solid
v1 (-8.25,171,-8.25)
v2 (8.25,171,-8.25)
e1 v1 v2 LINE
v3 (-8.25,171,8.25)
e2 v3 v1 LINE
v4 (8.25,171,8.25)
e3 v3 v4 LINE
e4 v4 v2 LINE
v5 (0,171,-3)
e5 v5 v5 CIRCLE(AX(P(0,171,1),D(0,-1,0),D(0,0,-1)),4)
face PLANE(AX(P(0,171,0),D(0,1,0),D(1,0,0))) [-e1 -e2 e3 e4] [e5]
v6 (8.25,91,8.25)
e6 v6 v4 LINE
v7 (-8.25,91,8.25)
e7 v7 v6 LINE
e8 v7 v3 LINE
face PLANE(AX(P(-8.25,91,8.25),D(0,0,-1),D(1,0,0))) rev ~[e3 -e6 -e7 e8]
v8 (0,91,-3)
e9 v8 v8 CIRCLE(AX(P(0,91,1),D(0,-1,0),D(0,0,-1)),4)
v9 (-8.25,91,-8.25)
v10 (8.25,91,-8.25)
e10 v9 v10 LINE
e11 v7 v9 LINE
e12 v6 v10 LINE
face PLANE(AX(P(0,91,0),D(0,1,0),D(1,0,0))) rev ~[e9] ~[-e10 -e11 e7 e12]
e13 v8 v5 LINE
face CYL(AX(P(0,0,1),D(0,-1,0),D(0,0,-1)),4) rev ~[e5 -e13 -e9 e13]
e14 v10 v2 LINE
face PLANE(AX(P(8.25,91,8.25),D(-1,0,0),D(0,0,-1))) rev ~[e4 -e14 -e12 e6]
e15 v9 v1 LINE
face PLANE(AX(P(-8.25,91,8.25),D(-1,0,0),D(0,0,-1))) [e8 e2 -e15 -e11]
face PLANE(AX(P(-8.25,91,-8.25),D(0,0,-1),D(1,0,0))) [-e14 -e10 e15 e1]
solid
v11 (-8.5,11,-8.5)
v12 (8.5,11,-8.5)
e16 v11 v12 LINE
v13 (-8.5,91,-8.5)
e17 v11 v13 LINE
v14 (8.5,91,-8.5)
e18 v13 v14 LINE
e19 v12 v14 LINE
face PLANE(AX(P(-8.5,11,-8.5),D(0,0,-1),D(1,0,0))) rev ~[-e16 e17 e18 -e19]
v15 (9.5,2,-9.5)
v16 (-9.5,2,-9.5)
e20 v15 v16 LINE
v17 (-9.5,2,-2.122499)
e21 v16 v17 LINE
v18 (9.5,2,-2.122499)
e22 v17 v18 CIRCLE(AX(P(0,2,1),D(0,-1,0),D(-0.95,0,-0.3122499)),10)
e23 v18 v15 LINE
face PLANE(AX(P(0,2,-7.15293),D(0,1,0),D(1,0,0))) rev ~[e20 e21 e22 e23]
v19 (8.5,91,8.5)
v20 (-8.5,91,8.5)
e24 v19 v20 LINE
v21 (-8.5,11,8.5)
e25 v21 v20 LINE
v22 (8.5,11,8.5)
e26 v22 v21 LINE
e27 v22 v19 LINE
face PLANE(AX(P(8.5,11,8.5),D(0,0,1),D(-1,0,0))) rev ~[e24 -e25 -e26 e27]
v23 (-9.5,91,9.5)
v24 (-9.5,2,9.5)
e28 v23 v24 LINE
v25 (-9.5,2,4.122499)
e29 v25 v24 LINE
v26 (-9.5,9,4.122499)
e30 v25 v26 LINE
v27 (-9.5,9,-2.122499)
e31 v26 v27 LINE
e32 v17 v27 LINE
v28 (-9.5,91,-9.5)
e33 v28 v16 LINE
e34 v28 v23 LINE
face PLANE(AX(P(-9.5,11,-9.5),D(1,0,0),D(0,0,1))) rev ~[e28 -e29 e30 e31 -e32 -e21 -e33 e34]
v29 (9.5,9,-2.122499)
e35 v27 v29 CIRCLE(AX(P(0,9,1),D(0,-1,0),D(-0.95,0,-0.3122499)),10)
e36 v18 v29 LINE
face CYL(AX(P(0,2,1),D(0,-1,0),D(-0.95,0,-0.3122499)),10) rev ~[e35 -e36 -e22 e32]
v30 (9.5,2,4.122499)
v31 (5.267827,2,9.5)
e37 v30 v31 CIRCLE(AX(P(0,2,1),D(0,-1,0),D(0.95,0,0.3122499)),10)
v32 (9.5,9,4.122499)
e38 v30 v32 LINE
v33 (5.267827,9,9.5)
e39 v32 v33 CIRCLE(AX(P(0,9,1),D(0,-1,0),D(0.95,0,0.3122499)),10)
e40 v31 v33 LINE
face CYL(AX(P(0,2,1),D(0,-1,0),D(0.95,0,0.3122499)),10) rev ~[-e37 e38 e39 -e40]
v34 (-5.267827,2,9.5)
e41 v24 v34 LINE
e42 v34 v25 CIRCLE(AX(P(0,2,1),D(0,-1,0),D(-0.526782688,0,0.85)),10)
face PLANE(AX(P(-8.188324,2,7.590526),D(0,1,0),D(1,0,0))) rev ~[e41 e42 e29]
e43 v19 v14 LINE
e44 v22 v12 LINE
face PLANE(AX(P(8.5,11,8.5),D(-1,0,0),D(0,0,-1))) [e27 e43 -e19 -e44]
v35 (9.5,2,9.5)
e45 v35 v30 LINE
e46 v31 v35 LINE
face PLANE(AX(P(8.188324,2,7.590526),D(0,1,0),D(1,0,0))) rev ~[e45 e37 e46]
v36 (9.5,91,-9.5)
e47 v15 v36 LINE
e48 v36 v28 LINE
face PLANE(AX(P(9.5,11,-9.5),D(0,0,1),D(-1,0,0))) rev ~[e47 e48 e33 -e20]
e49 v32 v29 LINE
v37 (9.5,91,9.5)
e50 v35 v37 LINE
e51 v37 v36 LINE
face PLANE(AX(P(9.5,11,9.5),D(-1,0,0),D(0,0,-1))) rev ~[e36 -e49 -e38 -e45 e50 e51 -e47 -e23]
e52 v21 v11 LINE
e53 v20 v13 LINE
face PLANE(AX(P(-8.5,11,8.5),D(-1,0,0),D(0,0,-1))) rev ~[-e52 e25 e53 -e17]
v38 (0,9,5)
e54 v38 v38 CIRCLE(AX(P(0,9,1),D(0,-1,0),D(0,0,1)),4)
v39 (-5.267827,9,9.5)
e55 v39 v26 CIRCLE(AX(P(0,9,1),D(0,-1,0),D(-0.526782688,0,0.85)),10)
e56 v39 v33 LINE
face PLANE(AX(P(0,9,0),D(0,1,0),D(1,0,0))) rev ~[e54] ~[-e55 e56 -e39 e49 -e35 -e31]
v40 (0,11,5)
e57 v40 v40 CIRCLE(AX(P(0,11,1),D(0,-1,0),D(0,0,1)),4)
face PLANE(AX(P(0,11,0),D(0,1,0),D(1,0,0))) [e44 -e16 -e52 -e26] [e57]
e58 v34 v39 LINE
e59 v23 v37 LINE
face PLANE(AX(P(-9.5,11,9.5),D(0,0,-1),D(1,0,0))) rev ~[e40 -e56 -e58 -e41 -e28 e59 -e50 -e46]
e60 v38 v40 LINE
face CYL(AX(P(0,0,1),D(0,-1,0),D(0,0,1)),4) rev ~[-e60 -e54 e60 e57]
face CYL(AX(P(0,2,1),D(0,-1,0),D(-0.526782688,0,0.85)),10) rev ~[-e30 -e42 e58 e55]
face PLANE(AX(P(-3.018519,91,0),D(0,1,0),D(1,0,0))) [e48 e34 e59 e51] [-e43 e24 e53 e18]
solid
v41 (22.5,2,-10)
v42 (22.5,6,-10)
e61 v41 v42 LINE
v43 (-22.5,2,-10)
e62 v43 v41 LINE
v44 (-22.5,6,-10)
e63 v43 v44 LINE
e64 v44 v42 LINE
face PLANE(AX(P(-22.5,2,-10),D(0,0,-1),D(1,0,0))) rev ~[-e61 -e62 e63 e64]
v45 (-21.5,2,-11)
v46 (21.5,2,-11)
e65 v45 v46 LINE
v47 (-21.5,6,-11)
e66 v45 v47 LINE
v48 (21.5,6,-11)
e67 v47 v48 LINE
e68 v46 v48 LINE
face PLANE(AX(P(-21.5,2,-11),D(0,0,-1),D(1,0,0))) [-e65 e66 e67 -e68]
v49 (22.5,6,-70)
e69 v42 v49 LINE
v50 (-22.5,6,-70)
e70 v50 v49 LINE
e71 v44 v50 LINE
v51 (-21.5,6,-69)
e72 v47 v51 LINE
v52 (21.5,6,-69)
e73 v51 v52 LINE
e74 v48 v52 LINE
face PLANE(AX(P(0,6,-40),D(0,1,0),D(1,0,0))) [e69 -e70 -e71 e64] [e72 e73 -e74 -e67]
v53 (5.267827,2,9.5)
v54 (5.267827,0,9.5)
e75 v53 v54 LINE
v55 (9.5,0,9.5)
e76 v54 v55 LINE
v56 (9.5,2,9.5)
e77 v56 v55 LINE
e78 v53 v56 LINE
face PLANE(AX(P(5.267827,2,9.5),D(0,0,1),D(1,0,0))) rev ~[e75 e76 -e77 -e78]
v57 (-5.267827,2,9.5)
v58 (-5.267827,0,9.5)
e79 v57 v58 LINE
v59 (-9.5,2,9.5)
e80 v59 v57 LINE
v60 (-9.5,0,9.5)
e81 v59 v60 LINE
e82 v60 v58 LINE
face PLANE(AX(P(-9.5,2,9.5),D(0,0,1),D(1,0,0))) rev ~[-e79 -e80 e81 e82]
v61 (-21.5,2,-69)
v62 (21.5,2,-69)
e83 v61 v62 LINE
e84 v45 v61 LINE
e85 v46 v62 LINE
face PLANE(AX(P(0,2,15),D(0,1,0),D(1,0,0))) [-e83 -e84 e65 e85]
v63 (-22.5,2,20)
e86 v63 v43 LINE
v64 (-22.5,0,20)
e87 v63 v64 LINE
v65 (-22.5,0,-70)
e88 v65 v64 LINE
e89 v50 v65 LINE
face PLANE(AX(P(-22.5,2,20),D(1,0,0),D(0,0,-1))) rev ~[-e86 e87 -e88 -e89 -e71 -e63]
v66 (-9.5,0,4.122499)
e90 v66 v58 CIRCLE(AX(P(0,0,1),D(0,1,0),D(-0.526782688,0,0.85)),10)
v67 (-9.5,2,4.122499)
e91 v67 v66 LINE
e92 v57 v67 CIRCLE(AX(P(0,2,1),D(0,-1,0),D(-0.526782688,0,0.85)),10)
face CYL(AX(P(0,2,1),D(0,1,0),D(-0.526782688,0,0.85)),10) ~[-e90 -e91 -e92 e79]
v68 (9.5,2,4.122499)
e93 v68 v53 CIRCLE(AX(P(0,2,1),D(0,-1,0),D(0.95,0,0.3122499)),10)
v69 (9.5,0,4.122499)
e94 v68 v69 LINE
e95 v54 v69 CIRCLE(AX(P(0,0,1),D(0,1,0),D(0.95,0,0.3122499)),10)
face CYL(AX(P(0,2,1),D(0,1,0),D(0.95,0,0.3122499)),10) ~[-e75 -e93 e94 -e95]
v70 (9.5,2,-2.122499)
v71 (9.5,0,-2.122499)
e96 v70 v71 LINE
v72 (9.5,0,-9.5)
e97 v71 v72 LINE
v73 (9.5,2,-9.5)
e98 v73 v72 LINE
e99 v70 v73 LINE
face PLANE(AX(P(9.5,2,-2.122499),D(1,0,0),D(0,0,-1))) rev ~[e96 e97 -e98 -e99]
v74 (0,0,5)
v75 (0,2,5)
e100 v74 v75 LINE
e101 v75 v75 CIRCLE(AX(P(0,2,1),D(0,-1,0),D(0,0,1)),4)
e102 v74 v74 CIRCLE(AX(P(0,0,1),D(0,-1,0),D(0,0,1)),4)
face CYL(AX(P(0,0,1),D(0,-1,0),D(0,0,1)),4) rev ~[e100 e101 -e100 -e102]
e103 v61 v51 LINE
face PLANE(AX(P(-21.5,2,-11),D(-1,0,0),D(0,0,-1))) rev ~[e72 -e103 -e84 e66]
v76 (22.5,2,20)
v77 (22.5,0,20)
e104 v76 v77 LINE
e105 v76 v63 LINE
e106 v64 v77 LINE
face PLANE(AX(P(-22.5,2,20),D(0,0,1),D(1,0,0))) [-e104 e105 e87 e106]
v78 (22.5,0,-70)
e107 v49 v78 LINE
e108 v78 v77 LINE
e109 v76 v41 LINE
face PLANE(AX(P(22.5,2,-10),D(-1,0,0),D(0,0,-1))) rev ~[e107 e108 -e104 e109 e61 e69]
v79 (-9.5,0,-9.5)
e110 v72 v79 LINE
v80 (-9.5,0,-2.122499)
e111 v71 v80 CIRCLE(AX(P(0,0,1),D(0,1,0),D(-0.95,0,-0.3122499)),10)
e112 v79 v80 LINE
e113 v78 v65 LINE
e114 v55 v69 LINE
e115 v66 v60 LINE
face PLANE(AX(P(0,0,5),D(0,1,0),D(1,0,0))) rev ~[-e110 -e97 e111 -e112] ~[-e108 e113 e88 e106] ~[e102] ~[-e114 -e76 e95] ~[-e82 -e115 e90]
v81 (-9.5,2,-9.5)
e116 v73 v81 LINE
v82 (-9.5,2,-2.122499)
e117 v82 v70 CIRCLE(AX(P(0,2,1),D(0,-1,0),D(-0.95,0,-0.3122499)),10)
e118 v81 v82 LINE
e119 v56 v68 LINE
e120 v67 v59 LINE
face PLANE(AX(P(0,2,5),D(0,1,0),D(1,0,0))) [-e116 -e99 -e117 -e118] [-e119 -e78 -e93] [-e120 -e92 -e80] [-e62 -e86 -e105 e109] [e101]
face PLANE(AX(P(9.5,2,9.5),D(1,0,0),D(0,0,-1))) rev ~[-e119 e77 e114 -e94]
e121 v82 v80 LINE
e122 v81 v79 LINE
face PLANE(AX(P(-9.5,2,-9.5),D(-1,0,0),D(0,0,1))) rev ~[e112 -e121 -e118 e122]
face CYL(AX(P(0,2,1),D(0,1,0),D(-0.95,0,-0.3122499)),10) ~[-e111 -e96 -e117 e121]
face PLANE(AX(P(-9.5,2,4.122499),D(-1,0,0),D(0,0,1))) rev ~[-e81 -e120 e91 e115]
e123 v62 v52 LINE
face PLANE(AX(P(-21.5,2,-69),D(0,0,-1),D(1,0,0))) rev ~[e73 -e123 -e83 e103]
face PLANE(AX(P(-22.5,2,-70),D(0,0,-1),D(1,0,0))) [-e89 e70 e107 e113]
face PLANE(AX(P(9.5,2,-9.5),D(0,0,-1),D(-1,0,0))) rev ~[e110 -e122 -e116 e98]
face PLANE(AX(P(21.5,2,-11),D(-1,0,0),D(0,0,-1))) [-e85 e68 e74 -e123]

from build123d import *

# Parameters (mm, degrees)
SKETCH1_W             = 20
SKETCH1_H             = 20
SKETCH1_R             = 4
SKETCH1_H_2           = 10
BOSS_EXTRUDE2_DEPTH   = 2
SKETCH2_W             = 45
SKETCH2_H             = 60
SKETCH2_W_2           = 43
SKETCH2_H_2           = 58
BOSS_EXTRUDE3_DEPTH   = 4
SKETCH6_W             = 45
SKETCH6_H             = 30
BOSS_EXTRUDE4_DEPTH   = 2
CUT_EXTRUDE4_DEPTH    = 4
BOSS_EXTRUDE5_DEPTH   = 7
BOSS_EXTRUDE5_2_DEPTH = 7
BOSS_EXTRUDE5_3_DEPTH = 7
SKETCH11_W            = 19
SKETCH11_H            = 19
BOSS_EXTRUDE6_DEPTH   = 2
SKETCH14_R            = 4
CUT_EXTRUDE7_DEPTH    = 19
SKETCH15_W            = 1
SKETCH15_H            = 17
SKETCH15_H_2          = 1
BOSS_EXTRUDE7_DEPTH   = 80
SKETCH16_W            = 16.5
SKETCH16_H            = 16.5
BOSS_EXTRUDE8_DEPTH   = 80
SKETCH17_R            = 4
CUT_EXTRUDE8_DEPTH    = 193


with BuildPart() as part:
    # Sketch1 → Boss-Extrude2 (new body)
    # profile 1 of 6: a face of its own
    with BuildSketch(Plane(origin=(0, 0, 0), x_dir=(1, 0, 0), z_dir=(0, 1, 0))):
        Polygon((-22.5, 10), (-10, 10), (10, 10), (22.5, 10), (22.5, 70), (-22.5, 70), align=None)
    # profile 2 of 6: a face of its own
    with BuildSketch(Plane(origin=(0, 0, 0), x_dir=(1, 0, 0), z_dir=(0, 1, 0))):
        Polygon((-22.5, 10), (-10, -10), (-10, 10), align=None)
    # profile 3 of 6: a face of its own
    with BuildSketch(Plane(origin=(0, 0, 0), x_dir=(1, 0, 0), z_dir=(0, 1, 0))):
        Polygon((10, 10), (10, -10), (22.5, 10), align=None)
    # profile 4 of 6: a face of its own
    with BuildSketch(Plane(origin=(0, 0, 0), x_dir=(1, 0, 0), z_dir=(0, 1, 0))):
        Rectangle(SKETCH1_W, SKETCH1_H)
        Circle(SKETCH1_R, mode=Mode.SUBTRACT)
    # profile 5 of 6: a face of its own
    with BuildSketch(Plane(origin=(0, 0, 0), x_dir=(1, 0, 0), z_dir=(0, 1, 0))):
        Circle(SKETCH1_R)
    # profile 6 of 6: a face of its own
    with BuildSketch(Plane(origin=(0, 0, 0), x_dir=(1, 0, 0), z_dir=(0, 1, 0))):
        with Locations((0, -15)):
            Rectangle(SKETCH1_W, SKETCH1_H_2)
    extrude(amount=BOSS_EXTRUDE2_DEPTH)

    # Sketch2 → Boss-Extrude3 (add)
    with BuildSketch(Plane(origin=(0, 2, 0), x_dir=(1, 0, 0), z_dir=(0, 1, 0))):
        with Locations((0, 40)):
            Rectangle(SKETCH2_W, SKETCH2_H)
        with Locations((0, 40)):
            Rectangle(SKETCH2_W_2, SKETCH2_H_2, mode=Mode.SUBTRACT)
    extrude(amount=BOSS_EXTRUDE3_DEPTH)

    # Sketch6 → Boss-Extrude4 (add)
    with BuildSketch(Plane(origin=(0, 2, 0), x_dir=(1, 0, 0), z_dir=(0, 1, 0))):
        with Locations((0, -5)):
            Rectangle(SKETCH6_W, SKETCH6_H)
    extrude(amount=-BOSS_EXTRUDE4_DEPTH)

    # Sketch7 → Cut-Extrude4 (cut)
    with BuildSketch(Plane(origin=(0, 2, 0), x_dir=(1, 0, 0), z_dir=(0, 1, 0))):
        with BuildLine():
            Line((9.5, 9.5), (-9.5, 9.5))
            Line((-9.5, 9.5), (-9.5, 2.122498999))
            ThreePointArc((-9.5, 2.122498999), (0, 9), (9.5, 2.122498999))
            Line((9.5, 2.122498999), (9.5, 9.5))
        make_face()
        with BuildLine():
            ThreePointArc((-5.267826876, -9.5), (-7.858215886, -7.184532568), (-9.5, -4.122498999))
            Line((-9.5, -4.122498999), (-9.5, -9.5))
            Line((-9.5, -9.5), (-5.267826876, -9.5))
        make_face()
        with BuildLine():
            Line((9.5, -9.5), (9.5, -4.122498999))
            ThreePointArc((9.5, -4.122498999), (7.858215886, -7.184532568), (5.267826876, -9.5))
            Line((5.267826876, -9.5), (9.5, -9.5))
        make_face()
    extrude(amount=-CUT_EXTRUDE4_DEPTH, mode=Mode.SUBTRACT)


with BuildPart() as body_2:
    # Sketch8 → Boss-Extrude5 (new body)
    with BuildSketch(Plane(origin=(0, 2, 0), x_dir=(1, 0, 0), z_dir=(0, 1, 0))):
        with BuildLine():
            Line((9.5, 2.122498999), (9.5, 9.5))
            Line((9.5, 9.5), (-9.5, 9.5))
            Line((-9.5, 9.5), (-9.5, 2.122498999))
            ThreePointArc((-9.5, 2.122498999), (0, 9), (9.5, 2.122498999))
        make_face()
    extrude(amount=BOSS_EXTRUDE5_DEPTH)



with BuildPart() as body_3:
    # Sketch8 → Boss-Extrude5 2 (new body)
    with BuildSketch(Plane(origin=(0, 2, 0), x_dir=(1, 0, 0), z_dir=(0, 1, 0))):
        with BuildLine():
            Line((-9.5, -9.5), (-5.267826876, -9.5))
            ThreePointArc((-5.267826876, -9.5), (-7.858215886, -7.184532568), (-9.5, -4.122498999))
            Line((-9.5, -4.122498999), (-9.5, -9.5))
        make_face()
    extrude(amount=BOSS_EXTRUDE5_2_DEPTH)


with BuildPart() as body_4:
    # Sketch8 → Boss-Extrude5 3 (new body)
    with BuildSketch(Plane(origin=(0, 2, 0), x_dir=(1, 0, 0), z_dir=(0, 1, 0))):
        with BuildLine():
            Line((9.5, -9.5), (9.5, -4.122498999))
            ThreePointArc((9.5, -4.122498999), (7.858215886, -7.184532568), (5.267826876, -9.5))
            Line((5.267826876, -9.5), (9.5, -9.5))
        make_face()
    extrude(amount=BOSS_EXTRUDE5_3_DEPTH)


with BuildPart() as body_2_1:
    add(body_2.part)

    add(body_3.part)  # Boss-Extrude6 merges body 3

    add(body_4.part)  # Boss-Extrude6 merges body 4
    # Sketch11 → Boss-Extrude6 (add)
    with BuildSketch(Plane(origin=(0, 9, 0), x_dir=(1, 0, 0), z_dir=(0, 1, 0))):
        Rectangle(SKETCH11_W, SKETCH11_H)
    extrude(amount=BOSS_EXTRUDE6_DEPTH)


with BuildPart() as cut_extrude7_tool:
    # Sketch14 → Cut-Extrude7 (new body)
    with BuildSketch(Plane.XZ):
        with Locations(Location((0, 1, 0), (0, 0, 90))):
            Circle(SKETCH14_R)
    extrude(amount=-CUT_EXTRUDE7_DEPTH)


with BuildPart() as part_1:
    add(part.part)

    # Cut-Extrude7: cut by cut_extrude7_tool
    add(cut_extrude7_tool.part, mode=Mode.SUBTRACT)


with BuildPart() as body_2_2:
    add(body_2_1.part)

    # Cut-Extrude7: cut by cut_extrude7_tool
    add(cut_extrude7_tool.part, mode=Mode.SUBTRACT)

    # Sketch15 → Boss-Extrude7 (add)
    with BuildSketch(Plane(origin=(0, 11, 0), x_dir=(1, 0, 0), z_dir=(0, 1, 0))):
        Polygon((-8.5, 8.5), (8.5, 8.5), (8.5, 9.5), (-9.5, 9.5), (-9.5, -9.5), (8.5, -9.5), (8.5, -8.5), (-8.5, -8.5), align=None)
        with Locations((9, 0)):
            Rectangle(SKETCH15_W, SKETCH15_H)
        with Locations((9, 9)):
            Rectangle(SKETCH15_W, SKETCH15_H_2)
        with Locations((9, -9)):
            Rectangle(SKETCH15_W, SKETCH15_H_2)
    extrude(amount=BOSS_EXTRUDE7_DEPTH)


with BuildPart() as body_3_2:
    # Sketch16 → Boss-Extrude8 (new body)
    with BuildSketch(Plane(origin=(0, 91, 0), x_dir=(1, 0, 0), z_dir=(0, 1, 0))):
        Rectangle(SKETCH16_W, SKETCH16_H)
    extrude(amount=BOSS_EXTRUDE8_DEPTH)

    # Sketch17 → Cut-Extrude8 (cut)
    with BuildSketch(Plane.XZ):
        with Locations(Location((0, 1, 0), (0, 0, 270))):
            Circle(SKETCH17_R)
    extrude(amount=-CUT_EXTRUDE8_DEPTH, mode=Mode.SUBTRACT)


solid = Compound([part_1.part, body_2_2.part, body_3_2.part])
